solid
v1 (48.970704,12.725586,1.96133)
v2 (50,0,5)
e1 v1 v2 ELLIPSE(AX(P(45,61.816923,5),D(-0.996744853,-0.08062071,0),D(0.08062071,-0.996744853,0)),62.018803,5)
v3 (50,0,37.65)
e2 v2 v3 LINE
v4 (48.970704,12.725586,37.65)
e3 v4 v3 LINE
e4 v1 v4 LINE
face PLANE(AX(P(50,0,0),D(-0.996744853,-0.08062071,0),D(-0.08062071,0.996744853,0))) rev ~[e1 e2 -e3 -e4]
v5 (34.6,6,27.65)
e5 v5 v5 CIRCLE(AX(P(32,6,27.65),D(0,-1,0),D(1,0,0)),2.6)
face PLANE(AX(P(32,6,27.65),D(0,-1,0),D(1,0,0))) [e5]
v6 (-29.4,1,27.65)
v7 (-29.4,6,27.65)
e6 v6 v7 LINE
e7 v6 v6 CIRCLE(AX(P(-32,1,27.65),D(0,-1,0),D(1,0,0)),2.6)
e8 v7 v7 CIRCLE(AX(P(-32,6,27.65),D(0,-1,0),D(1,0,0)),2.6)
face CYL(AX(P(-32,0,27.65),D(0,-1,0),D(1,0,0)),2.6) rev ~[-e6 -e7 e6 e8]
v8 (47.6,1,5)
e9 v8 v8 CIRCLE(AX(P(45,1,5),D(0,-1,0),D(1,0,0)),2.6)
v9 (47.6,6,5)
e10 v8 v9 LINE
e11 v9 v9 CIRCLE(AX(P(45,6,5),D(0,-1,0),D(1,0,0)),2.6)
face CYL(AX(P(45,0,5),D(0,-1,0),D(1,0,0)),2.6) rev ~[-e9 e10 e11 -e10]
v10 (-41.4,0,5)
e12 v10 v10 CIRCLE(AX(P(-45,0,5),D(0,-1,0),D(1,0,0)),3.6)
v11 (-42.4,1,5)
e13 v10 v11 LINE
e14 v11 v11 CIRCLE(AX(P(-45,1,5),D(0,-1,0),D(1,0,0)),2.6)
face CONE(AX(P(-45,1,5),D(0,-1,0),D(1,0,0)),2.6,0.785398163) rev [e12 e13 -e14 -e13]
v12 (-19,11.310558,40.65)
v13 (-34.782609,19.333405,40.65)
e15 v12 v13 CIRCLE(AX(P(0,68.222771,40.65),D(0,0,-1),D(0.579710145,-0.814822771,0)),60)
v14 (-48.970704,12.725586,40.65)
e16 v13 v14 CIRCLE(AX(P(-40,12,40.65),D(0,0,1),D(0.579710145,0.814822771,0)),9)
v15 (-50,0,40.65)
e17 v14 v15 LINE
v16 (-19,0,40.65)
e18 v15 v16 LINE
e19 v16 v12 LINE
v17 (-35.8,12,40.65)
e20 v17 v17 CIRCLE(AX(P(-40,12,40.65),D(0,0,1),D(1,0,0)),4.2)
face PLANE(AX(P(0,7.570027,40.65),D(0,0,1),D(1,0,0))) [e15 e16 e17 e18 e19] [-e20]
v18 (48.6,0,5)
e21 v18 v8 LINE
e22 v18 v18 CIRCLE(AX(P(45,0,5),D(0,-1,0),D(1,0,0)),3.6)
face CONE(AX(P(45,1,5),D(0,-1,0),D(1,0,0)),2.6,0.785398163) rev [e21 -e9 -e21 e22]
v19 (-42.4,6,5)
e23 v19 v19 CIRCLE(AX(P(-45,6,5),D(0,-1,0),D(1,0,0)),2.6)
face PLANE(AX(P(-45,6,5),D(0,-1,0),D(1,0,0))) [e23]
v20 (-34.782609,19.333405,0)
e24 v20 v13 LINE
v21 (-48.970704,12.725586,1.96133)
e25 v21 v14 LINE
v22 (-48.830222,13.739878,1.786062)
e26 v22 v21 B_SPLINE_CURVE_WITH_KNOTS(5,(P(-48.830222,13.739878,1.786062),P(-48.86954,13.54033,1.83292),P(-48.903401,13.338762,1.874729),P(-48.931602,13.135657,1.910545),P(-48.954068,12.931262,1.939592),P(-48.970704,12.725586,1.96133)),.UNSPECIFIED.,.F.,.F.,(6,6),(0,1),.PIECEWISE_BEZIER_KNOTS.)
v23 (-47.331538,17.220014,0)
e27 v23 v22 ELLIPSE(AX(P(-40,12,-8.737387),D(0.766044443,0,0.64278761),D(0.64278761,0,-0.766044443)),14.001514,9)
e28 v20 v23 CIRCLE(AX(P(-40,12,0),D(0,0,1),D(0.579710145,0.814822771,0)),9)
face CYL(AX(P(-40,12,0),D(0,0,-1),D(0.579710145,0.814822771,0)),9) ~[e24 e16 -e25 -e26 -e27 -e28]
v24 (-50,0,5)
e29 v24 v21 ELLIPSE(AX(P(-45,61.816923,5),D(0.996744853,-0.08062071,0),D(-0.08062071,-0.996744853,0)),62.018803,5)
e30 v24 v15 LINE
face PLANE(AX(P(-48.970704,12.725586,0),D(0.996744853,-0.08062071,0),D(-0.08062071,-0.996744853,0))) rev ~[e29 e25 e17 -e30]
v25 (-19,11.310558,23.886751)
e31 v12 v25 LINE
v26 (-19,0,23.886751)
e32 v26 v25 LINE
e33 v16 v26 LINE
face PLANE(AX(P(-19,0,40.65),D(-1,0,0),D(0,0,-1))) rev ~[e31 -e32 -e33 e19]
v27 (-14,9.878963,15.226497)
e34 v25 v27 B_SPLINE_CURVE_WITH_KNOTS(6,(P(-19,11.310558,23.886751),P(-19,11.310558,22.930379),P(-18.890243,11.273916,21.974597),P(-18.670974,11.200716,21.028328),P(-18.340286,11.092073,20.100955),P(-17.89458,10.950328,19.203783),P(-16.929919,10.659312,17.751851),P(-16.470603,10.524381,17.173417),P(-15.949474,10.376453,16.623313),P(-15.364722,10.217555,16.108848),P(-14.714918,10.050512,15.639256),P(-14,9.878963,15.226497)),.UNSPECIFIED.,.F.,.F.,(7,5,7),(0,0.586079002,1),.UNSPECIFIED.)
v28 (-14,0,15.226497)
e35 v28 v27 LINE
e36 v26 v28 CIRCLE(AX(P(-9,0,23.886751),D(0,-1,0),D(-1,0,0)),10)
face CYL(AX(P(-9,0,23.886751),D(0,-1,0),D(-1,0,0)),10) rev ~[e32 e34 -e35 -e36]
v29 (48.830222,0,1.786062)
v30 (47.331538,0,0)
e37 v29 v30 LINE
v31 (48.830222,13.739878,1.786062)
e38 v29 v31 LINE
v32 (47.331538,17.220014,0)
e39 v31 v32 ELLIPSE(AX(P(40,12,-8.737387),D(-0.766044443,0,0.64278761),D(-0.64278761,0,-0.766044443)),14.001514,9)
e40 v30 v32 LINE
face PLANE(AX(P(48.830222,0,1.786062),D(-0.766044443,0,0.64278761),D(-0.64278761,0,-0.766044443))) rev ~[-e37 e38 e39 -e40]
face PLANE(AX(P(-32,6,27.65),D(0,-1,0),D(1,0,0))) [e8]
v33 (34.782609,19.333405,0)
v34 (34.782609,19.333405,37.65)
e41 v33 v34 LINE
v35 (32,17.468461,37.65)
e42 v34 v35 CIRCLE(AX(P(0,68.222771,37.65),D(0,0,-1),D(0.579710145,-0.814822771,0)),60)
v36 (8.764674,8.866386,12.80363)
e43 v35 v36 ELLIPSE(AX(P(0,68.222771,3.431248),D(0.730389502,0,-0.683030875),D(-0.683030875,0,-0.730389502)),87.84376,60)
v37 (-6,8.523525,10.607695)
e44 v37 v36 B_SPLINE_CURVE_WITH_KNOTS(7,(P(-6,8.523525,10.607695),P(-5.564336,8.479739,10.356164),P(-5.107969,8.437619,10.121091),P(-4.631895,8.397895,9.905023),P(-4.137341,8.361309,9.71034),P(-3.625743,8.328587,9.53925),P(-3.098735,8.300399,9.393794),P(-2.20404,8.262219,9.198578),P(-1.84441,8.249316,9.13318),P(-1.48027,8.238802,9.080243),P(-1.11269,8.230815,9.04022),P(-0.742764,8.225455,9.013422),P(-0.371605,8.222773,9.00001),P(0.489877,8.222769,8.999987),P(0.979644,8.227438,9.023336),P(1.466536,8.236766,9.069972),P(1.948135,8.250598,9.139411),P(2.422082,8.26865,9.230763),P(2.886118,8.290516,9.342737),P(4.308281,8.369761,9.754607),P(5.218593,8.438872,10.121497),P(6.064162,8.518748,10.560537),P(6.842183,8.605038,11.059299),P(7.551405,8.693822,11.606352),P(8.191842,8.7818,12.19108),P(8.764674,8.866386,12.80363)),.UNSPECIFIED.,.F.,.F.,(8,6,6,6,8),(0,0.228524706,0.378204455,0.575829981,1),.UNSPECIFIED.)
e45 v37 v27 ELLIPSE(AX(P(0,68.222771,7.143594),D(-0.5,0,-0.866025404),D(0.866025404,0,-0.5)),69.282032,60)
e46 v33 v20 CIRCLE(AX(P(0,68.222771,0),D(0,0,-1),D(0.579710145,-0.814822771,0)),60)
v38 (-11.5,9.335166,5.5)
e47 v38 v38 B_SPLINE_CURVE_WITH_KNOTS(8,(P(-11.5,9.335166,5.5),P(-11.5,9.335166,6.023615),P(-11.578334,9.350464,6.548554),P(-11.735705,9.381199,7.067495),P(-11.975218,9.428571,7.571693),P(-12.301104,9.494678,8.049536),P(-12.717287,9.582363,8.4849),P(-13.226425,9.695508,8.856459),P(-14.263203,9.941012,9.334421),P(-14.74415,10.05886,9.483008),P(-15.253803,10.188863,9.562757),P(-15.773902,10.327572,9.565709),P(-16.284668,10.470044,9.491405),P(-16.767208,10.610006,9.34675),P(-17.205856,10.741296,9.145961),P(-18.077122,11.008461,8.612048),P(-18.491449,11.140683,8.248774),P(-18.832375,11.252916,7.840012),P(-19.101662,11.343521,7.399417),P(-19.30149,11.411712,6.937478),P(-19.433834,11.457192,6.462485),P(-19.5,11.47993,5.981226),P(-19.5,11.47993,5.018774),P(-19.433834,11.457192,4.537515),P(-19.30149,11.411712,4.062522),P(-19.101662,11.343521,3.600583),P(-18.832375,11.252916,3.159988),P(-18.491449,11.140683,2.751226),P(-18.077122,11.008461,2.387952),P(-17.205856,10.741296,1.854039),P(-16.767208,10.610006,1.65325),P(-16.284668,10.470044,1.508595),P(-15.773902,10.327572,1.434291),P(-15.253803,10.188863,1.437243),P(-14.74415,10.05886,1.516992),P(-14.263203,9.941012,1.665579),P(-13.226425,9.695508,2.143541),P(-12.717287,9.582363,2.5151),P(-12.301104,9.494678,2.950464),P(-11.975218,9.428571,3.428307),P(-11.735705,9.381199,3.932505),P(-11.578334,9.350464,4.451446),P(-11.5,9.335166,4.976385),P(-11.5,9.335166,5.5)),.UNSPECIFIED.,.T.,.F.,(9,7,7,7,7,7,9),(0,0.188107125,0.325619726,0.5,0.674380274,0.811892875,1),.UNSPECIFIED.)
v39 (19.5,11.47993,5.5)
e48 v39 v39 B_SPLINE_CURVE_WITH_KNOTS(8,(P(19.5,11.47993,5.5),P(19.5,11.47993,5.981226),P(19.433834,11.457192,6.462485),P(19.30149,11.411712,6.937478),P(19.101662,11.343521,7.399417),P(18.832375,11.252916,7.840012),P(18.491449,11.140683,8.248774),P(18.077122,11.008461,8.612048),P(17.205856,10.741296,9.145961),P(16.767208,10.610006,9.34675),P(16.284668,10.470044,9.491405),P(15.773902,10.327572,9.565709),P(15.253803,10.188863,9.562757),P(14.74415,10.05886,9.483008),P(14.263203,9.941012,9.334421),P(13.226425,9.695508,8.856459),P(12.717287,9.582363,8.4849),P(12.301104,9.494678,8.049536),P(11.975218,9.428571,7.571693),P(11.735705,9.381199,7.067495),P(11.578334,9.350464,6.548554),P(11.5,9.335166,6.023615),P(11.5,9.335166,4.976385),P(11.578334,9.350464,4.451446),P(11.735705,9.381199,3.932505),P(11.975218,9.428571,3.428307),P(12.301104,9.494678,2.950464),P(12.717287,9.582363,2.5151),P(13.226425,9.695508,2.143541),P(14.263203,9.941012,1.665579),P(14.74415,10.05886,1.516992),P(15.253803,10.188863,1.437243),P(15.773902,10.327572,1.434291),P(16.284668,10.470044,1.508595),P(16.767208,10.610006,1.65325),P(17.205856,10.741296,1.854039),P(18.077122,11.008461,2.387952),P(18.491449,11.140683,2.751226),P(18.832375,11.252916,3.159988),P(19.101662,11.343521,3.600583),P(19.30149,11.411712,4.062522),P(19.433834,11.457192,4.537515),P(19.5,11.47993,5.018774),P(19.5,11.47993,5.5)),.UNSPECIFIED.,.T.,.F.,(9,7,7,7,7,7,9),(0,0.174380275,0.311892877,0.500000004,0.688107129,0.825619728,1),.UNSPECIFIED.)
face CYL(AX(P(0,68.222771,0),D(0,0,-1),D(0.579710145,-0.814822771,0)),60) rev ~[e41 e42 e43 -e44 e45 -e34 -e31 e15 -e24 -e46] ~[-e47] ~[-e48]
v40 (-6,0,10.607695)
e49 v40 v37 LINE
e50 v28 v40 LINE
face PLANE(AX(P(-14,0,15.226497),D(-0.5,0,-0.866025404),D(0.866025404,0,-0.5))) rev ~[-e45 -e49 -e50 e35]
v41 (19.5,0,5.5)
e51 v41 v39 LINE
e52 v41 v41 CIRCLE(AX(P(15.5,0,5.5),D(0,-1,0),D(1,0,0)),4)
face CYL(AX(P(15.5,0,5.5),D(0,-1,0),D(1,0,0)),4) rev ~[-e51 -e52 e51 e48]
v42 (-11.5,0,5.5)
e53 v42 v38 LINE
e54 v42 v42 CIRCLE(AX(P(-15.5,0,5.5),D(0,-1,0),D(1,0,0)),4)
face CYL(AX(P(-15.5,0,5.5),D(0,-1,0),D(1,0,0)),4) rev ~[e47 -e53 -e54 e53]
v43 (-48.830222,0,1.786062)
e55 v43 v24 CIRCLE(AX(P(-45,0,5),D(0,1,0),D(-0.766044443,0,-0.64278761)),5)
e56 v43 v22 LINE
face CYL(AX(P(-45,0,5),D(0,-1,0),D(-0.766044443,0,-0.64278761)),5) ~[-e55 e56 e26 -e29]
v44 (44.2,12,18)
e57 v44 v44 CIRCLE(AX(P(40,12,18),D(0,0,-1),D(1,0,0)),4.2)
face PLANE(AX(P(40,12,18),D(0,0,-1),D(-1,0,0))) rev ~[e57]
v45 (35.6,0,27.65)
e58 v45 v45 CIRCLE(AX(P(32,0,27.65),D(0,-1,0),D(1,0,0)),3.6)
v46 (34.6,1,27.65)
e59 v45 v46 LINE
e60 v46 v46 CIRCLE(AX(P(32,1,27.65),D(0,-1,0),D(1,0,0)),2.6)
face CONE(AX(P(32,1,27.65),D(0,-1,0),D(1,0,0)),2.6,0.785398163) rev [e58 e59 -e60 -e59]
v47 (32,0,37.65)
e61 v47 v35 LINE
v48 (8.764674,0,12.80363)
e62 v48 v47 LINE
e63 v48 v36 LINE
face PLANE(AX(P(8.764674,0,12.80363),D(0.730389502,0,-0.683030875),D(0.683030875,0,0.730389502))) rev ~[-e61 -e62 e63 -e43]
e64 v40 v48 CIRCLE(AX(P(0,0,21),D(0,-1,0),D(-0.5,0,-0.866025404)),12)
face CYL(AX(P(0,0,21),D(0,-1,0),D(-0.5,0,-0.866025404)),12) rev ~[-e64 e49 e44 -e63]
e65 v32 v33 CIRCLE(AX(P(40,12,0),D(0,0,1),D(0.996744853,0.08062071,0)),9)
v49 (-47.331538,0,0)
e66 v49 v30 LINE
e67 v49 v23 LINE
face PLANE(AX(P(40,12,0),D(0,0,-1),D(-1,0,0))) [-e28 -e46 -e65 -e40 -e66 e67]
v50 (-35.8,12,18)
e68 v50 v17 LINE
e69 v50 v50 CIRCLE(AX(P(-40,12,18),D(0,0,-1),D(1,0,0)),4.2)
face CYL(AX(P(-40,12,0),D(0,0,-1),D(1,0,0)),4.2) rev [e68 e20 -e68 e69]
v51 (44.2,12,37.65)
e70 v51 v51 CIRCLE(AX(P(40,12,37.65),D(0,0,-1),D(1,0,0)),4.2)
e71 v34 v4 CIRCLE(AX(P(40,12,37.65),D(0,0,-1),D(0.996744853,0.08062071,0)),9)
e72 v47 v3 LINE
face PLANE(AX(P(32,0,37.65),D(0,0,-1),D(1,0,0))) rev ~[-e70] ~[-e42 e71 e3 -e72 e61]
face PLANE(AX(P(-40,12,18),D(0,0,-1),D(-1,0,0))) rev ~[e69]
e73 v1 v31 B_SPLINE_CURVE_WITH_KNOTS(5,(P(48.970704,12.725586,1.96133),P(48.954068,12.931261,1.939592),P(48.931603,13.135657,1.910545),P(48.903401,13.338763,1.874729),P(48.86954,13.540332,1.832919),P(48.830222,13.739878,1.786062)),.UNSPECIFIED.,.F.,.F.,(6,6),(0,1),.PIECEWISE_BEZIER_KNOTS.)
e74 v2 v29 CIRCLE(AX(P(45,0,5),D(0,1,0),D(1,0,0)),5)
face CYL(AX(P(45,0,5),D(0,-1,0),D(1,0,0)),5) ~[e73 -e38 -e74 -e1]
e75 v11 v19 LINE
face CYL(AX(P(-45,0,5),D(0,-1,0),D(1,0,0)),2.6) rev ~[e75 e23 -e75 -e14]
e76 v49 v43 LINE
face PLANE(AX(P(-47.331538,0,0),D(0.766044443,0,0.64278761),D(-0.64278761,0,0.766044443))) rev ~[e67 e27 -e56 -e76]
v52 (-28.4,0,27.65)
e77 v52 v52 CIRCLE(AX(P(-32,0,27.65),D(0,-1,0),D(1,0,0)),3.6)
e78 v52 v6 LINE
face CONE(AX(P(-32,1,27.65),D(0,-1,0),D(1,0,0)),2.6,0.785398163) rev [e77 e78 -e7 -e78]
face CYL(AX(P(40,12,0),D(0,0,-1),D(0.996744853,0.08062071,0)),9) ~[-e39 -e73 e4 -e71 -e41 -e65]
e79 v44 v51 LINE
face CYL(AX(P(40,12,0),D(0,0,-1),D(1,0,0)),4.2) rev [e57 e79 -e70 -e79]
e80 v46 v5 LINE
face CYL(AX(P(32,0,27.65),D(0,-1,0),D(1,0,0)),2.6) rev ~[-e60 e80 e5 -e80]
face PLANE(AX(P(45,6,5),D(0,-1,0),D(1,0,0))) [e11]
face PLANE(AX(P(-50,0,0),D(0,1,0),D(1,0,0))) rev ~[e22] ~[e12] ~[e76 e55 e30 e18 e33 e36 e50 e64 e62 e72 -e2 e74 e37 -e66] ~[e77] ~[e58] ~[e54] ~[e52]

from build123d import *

# Parameters (mm, degrees)
SKETCH1_R           = 4.2
BOSS_EXTRUDE1_DEPTH = 40.65
SKETCH2_R           = 4.2
BOSS_EXTRUDE2_DEPTH = 18
SKETCH3_R           = 4
CUT_EXTRUDE1_DEPTH  = 22
SKETCH4_R           = 2.6
CUT_EXTRUDE2_DEPTH  = 6
CHAMFER1_SIZE       = 1
CUT_EXTRUDE3_DEPTH  = 22


with BuildPart() as part:
    # Sketch1 → Boss-Extrude1 (new body)
    with BuildSketch(Plane.XY):
        with BuildLine():
            Line((-48.970703673, 12.725586394), (-50, 0))
            Line((-50, 0), (50, 0))
            Line((50, 0), (48.970703673, 12.725586394))
            ThreePointArc((48.970703673, 12.725586394), (43.799691423, 20.158574942), (34.782608696, 19.333404937))
            ThreePointArc((34.782608696, 19.333404937), (0, 8.222771187), (-34.782608696, 19.333404937))
            ThreePointArc((-34.782608696, 19.333404937), (-43.799691423, 20.158574942), (-48.970703673, 12.725586394))
        make_face()
        with Locations((-40, 12)):
            Circle(SKETCH1_R, mode=Mode.SUBTRACT)
        with Locations((40, 12)):
            Circle(SKETCH1_R, mode=Mode.SUBTRACT)
    extrude(amount=BOSS_EXTRUDE1_DEPTH)

    # Sketch2 → Boss-Extrude2 (add)
    with BuildSketch(Plane(origin=(0, 0, 0), x_dir=(-1, 0, 0), z_dir=(0, 0, -1))):
        with Locations((-40, 12)):
            Circle(SKETCH2_R)
        with Locations((40, 12)):
            Circle(SKETCH2_R)
    extrude(amount=-BOSS_EXTRUDE2_DEPTH)

    # Sketch3 → Cut-Extrude1 (cut, through all)
    with BuildSketch(Plane.XZ):
        with Locations((-15.5, 5.5)):
            Circle(SKETCH3_R)
        with Locations((15.5, 5.5)):
            Circle(SKETCH3_R)
        with BuildLine():
            Line((8.764674023, 12.803629506), (32, 37.65))
            Line((32, 37.65), (50, 37.65))
            Line((50, 37.65), (50, 40.65))
            Line((50, 40.65), (-19, 40.65))
            Line((-19, 40.65), (-19, 23.886751346))
            ThreePointArc((-19, 23.886751346), (-17.660254038, 18.886751346), (-14, 15.226497308))
            Line((-14, 15.226497308), (-6, 10.607695155))
            ThreePointArc((-6, 10.607695155), (1.765329298, 9.130559724), (8.764674023, 12.803629506))
        make_face()
    extrude(amount=-CUT_EXTRUDE1_DEPTH, mode=Mode.SUBTRACT)

    # Sketch4 → Cut-Extrude2 (cut)
    with BuildSketch(Plane.XZ):
        with Locations((-32, 27.65)):
            Circle(SKETCH4_R)
        with Locations((-45, 5)):
            Circle(SKETCH4_R)
        with Locations((32, 27.65)):
            Circle(SKETCH4_R)
        with Locations((45, 5)):
            Circle(SKETCH4_R)
    extrude(amount=-CUT_EXTRUDE2_DEPTH, mode=Mode.SUBTRACT)

    # Chamfer1
    chamfer1_edges = [part.edges().sort_by_distance(p)[0] for p in [
        (-34.6, 0, 27.65),
        (-47.6, 0, 5),
        (29.4, 0, 27.65),
        (42.4, 0, 5),
    ]]
    chamfer(chamfer1_edges, length=CHAMFER1_SIZE)

    # Sketch5 → Cut-Extrude3 (cut, through all)
    with BuildSketch(Plane.XZ):
        with BuildLine():
            Line((-50, 5), (-50, 0))
            Line((-50, 0), (-47.331538291, 0))
            Line((-47.331538291, 0), (-48.830222216, 1.786061952))
            ThreePointArc((-48.830222216, 1.786061952), (-49.698463104, 3.289899283), (-50, 5))
        make_face()
        with BuildLine():
            Line((48.830222216, 1.786061952), (47.331538291, 0))
            Line((47.331538291, 0), (50, 0))
            Line((50, 0), (50, 5))
            ThreePointArc((50, 5), (49.698463104, 3.289899283), (48.830222216, 1.786061952))
        make_face()
    extrude(amount=-CUT_EXTRUDE3_DEPTH, mode=Mode.SUBTRACT)


solid = part.part
